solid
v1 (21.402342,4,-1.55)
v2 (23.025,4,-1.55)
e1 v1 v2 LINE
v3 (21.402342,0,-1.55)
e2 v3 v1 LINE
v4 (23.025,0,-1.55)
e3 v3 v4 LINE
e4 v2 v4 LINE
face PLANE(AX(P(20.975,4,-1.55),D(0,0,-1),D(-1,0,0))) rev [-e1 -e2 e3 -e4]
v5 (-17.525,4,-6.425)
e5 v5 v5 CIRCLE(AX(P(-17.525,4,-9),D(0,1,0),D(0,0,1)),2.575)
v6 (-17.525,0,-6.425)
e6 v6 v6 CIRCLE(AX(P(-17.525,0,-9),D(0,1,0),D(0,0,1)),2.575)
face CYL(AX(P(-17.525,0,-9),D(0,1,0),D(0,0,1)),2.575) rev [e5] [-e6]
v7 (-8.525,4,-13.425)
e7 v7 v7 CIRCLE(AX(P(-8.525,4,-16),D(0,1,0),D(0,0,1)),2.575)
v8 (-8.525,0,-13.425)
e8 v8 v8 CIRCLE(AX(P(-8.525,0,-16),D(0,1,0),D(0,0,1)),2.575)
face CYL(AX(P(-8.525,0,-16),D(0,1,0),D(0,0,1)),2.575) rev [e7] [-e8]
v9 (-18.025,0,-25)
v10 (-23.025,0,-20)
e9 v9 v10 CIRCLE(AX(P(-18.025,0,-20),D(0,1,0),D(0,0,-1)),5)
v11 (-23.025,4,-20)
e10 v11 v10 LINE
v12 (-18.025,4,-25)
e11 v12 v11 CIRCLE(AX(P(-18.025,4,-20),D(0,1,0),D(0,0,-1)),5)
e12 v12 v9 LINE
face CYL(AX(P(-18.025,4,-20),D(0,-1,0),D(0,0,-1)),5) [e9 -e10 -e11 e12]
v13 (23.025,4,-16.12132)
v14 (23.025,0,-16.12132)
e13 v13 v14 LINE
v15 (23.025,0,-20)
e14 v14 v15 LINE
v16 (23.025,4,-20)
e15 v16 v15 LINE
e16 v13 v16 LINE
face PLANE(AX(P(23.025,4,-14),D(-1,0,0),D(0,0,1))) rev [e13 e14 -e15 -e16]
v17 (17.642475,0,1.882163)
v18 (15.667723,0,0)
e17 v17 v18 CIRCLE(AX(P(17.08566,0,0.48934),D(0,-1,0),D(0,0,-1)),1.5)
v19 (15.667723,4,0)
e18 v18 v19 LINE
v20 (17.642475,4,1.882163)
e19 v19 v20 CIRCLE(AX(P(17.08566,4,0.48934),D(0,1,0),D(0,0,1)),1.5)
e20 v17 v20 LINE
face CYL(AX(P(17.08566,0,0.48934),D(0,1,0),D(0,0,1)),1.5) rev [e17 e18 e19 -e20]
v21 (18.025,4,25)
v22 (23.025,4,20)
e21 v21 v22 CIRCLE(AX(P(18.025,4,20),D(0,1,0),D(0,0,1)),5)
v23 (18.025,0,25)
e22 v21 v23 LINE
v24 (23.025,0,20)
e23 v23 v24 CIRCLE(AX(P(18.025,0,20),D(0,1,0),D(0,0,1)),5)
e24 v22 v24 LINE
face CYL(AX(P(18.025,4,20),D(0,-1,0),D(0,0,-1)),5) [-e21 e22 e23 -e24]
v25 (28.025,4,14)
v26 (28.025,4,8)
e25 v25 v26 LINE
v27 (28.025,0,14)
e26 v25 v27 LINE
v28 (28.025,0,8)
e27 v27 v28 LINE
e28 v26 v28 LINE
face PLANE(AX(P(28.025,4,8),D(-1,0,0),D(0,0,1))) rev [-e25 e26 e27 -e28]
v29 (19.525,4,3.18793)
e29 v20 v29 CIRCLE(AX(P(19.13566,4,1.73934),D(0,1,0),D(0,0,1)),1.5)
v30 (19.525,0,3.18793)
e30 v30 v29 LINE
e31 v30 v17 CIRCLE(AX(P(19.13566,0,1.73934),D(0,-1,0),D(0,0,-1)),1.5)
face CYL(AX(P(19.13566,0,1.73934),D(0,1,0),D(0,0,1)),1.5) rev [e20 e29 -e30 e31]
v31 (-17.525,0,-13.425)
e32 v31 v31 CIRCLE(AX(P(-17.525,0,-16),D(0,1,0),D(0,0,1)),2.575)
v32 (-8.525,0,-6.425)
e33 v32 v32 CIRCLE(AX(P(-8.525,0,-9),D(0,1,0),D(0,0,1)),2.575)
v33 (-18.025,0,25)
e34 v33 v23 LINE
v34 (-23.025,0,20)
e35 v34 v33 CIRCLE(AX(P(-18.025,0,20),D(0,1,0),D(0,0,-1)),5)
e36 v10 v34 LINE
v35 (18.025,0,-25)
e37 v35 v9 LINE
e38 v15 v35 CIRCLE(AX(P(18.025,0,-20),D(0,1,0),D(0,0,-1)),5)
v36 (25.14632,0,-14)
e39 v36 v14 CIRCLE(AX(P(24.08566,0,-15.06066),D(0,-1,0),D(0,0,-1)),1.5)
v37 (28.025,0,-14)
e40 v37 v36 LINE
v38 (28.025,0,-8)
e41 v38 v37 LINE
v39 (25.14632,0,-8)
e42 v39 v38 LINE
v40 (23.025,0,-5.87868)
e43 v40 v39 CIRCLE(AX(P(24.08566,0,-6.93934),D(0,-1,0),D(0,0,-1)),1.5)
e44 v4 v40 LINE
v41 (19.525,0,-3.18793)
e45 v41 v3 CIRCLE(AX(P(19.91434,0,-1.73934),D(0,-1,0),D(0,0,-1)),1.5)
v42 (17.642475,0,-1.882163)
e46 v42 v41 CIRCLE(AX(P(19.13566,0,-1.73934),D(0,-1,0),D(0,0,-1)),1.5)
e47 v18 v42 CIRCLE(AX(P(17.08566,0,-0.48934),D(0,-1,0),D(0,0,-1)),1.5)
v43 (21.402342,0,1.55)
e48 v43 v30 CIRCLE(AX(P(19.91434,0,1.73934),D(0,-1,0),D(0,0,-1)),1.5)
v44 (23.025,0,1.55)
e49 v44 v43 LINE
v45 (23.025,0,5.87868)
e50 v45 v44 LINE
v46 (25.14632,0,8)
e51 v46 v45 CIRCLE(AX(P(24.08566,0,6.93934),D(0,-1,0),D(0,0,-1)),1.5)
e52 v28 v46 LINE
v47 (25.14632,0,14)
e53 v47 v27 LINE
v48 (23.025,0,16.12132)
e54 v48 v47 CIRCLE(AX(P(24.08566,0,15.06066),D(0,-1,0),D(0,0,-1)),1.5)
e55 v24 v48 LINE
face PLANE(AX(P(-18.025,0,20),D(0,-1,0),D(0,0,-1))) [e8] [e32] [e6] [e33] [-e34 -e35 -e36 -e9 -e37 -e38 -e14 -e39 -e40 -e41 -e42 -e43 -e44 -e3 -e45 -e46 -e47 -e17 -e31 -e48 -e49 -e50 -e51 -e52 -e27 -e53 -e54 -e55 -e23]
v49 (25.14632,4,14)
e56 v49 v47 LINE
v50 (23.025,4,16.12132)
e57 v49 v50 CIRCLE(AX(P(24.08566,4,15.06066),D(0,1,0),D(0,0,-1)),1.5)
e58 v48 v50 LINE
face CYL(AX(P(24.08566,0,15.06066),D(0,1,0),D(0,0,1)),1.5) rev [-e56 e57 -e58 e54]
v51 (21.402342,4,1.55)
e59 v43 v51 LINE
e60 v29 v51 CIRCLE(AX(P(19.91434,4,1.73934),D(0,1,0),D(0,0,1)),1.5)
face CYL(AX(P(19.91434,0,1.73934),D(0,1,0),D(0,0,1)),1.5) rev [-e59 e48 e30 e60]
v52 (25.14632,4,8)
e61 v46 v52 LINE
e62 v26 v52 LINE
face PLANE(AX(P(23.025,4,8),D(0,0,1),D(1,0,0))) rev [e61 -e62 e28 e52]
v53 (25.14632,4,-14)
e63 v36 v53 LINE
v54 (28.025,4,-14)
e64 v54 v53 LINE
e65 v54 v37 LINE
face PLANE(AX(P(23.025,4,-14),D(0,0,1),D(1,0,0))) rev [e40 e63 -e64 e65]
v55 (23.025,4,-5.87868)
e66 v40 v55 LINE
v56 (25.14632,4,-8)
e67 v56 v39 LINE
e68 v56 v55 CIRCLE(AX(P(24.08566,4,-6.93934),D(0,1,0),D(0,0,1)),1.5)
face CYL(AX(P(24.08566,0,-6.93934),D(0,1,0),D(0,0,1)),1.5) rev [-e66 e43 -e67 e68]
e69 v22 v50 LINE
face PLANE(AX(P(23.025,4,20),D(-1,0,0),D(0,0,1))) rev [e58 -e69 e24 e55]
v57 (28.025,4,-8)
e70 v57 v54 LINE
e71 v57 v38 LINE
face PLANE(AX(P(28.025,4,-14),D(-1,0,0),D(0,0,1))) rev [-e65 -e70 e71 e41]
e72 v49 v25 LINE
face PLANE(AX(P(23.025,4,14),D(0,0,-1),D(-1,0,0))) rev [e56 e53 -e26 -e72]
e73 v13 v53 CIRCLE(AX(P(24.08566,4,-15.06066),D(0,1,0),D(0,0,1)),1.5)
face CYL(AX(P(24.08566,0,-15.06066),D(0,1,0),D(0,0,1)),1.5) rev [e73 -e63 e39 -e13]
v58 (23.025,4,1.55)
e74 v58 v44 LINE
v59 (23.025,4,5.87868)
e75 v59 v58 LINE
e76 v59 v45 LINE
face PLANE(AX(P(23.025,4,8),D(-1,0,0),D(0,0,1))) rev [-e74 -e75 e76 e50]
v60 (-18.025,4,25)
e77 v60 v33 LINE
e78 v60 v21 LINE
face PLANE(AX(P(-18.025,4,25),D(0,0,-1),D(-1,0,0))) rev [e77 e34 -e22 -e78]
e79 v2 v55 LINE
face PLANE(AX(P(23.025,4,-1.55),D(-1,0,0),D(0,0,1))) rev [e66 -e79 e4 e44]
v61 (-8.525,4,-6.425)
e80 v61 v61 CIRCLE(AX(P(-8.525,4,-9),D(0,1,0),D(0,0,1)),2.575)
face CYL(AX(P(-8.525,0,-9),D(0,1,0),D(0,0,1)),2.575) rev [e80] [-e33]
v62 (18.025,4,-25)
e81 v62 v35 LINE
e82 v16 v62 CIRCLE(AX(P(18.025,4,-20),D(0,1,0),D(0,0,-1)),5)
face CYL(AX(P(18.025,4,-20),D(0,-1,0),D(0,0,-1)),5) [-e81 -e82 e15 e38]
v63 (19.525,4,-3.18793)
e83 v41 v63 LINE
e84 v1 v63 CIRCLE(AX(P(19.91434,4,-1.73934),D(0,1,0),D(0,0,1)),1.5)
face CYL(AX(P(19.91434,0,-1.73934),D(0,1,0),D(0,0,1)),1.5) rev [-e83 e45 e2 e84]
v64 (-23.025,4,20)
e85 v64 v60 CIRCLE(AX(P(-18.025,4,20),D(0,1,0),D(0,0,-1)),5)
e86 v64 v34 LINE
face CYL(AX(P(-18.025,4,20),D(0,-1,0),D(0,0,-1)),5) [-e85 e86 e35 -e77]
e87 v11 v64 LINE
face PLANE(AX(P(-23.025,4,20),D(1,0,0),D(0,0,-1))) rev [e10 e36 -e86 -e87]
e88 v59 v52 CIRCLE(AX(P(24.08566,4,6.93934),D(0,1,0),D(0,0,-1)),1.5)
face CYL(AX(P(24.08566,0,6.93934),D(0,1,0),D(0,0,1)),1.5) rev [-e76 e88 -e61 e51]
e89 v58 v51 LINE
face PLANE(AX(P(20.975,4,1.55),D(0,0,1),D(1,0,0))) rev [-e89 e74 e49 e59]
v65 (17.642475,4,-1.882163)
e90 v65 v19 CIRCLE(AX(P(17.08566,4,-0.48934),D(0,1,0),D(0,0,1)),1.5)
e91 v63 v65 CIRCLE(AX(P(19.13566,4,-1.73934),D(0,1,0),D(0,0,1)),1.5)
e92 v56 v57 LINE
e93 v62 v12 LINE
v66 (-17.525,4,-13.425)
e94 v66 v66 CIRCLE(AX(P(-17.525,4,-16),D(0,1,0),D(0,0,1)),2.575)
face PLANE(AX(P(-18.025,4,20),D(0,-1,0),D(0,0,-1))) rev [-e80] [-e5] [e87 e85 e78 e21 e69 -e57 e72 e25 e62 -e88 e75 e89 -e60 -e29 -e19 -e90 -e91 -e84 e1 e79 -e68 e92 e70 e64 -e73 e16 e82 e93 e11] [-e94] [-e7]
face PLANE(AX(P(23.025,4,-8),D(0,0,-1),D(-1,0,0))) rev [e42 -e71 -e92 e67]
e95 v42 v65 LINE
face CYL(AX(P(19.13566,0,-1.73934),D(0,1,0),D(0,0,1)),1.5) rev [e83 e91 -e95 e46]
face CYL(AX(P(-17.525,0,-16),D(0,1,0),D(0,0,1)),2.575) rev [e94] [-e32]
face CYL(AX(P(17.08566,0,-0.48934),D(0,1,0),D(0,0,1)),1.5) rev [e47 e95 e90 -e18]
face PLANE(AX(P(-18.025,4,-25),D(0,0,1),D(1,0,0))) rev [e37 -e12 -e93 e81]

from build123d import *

# Parameters (mm, degrees)
SALIENTE_EXTRUIR1_DEPTH = 4
CORTAR_EXTRUIR4_DEPTH   = 5
CROQUIS10_R             = 1.5
CORTAR_EXTRUIR5_DEPTH   = 5
CROQUIS12_R             = 2.575
CORTAR_EXTRUIR6_DEPTH   = 5


with BuildPart() as part:
    # Croquis1 → Saliente-Extruir1 (new body)
    with BuildSketch(Plane(origin=(0, 0, 0), x_dir=(1, 0, 0), z_dir=(0, 1, 0))):
        with BuildLine():
            Line((-18.025, -25), (18.025, -25))
            ThreePointArc((18.025, -25), (21.560533906, -23.535533906), (23.025, -20))
            Line((23.025, -20), (23.025, -14))
            Line((23.025, -14), (28.025, -14))
            Line((28.025, -14), (28.025, -8))
            Line((28.025, -8), (23.025, -8))
            Line((23.025, -8), (23.025, -1.55))
            Line((23.025, -1.55), (20.975, -1.55))
            Line((20.975, -1.55), (20.975, -2.8))
            Line((20.975, -2.8), (18.075, -2.8))
            Line((18.075, -2.8), (18.075, -1.55))
            Line((18.075, -1.55), (16.025, -1.55))
            Line((16.025, -1.55), (16.025, 1.55))
            Line((16.025, 1.55), (18.075, 1.55))
            Line((18.075, 1.55), (18.075, 2.8))
            Line((18.075, 2.8), (20.975, 2.8))
            Line((20.975, 2.8), (20.975, 1.55))
            Line((20.975, 1.55), (23.025, 1.55))
            Line((23.025, 1.55), (23.025, 8))
            Line((23.025, 8), (28.025, 8))
            Line((28.025, 8), (28.025, 14))
            Line((28.025, 14), (23.025, 14))
            Line((23.025, 14), (23.025, 20))
            ThreePointArc((23.025, 20), (21.560533906, 23.535533906), (18.025, 25))
            Line((18.025, 25), (-18.025, 25))
            ThreePointArc((-18.025, 25), (-21.560533906, 23.535533906), (-23.025, 20))
            Line((-23.025, 20), (-23.025, -20))
            ThreePointArc((-23.025, -20), (-21.560533906, -23.535533906), (-18.025, -25))
        make_face()
    extrude(amount=SALIENTE_EXTRUIR1_DEPTH)

    # Croquis7 → Cortar-Extruir4 (cut, through all)
    with BuildSketch(Plane(origin=(0, 4, 0), x_dir=(1, 0, 0), z_dir=(0, 1, 0))):
        with BuildLine():
            Line((21.402341989, 1.55), (23.025, 1.55))
            Line((23.025, 1.55), (23.025, -1.55))
            Line((23.025, -1.55), (21.402341989, -1.55))
            ThreePointArc((21.402341989, -1.55), (20.900478098, -2.869619136), (19.525, -3.187930349))
            ThreePointArc((19.525, -3.187930349), (18.280747615, -2.971867524), (17.642475162, -1.882163243))
            ThreePointArc((17.642475162, -1.882163243), (16.05076038, -1.575149398), (15.66772275, 0))
            ThreePointArc((15.66772275, 0), (16.05076038, 1.575149398), (17.642475162, 1.882163243))
            ThreePointArc((17.642475162, 1.882163243), (18.280747615, 2.971867524), (19.525, 3.187930349))
            ThreePointArc((19.525, 3.187930349), (20.900478098, 2.869619136), (21.402341989, 1.55))
        make_face()
    extrude(amount=-CORTAR_EXTRUIR4_DEPTH, mode=Mode.SUBTRACT)

    # Croquis10 → Cortar-Extruir5 (cut, through all)
    with BuildSketch(Plane(origin=(0, 4, 0), x_dir=(1, 0, 0), z_dir=(0, 1, 0))):
        with Locations((24.085660172, 15.060660172)):
            Circle(CROQUIS10_R)
        with Locations((24.085660172, 6.939339828)):
            Circle(CROQUIS10_R)
        with Locations((24.085660172, -15.060660172)):
            Circle(CROQUIS10_R)
        with Locations((24.085660172, -6.939339828)):
            Circle(CROQUIS10_R)
    extrude(amount=-CORTAR_EXTRUIR5_DEPTH, mode=Mode.SUBTRACT)

    # Croquis12 → Cortar-Extruir6 (cut, through all)
    with BuildSketch(Plane(origin=(0, 4, 0), x_dir=(1, 0, 0), z_dir=(0, 1, 0))):
        with Locations((-17.525, 16)):
            Circle(CROQUIS12_R)
        with Locations((-8.525, 16)):
            Circle(CROQUIS12_R)
        with Locations((-8.525, 9)):
            Circle(CROQUIS12_R)
        with Locations((-17.525, 9)):
            Circle(CROQUIS12_R)
    extrude(amount=-CORTAR_EXTRUIR6_DEPTH, mode=Mode.SUBTRACT)


solid = part.part
